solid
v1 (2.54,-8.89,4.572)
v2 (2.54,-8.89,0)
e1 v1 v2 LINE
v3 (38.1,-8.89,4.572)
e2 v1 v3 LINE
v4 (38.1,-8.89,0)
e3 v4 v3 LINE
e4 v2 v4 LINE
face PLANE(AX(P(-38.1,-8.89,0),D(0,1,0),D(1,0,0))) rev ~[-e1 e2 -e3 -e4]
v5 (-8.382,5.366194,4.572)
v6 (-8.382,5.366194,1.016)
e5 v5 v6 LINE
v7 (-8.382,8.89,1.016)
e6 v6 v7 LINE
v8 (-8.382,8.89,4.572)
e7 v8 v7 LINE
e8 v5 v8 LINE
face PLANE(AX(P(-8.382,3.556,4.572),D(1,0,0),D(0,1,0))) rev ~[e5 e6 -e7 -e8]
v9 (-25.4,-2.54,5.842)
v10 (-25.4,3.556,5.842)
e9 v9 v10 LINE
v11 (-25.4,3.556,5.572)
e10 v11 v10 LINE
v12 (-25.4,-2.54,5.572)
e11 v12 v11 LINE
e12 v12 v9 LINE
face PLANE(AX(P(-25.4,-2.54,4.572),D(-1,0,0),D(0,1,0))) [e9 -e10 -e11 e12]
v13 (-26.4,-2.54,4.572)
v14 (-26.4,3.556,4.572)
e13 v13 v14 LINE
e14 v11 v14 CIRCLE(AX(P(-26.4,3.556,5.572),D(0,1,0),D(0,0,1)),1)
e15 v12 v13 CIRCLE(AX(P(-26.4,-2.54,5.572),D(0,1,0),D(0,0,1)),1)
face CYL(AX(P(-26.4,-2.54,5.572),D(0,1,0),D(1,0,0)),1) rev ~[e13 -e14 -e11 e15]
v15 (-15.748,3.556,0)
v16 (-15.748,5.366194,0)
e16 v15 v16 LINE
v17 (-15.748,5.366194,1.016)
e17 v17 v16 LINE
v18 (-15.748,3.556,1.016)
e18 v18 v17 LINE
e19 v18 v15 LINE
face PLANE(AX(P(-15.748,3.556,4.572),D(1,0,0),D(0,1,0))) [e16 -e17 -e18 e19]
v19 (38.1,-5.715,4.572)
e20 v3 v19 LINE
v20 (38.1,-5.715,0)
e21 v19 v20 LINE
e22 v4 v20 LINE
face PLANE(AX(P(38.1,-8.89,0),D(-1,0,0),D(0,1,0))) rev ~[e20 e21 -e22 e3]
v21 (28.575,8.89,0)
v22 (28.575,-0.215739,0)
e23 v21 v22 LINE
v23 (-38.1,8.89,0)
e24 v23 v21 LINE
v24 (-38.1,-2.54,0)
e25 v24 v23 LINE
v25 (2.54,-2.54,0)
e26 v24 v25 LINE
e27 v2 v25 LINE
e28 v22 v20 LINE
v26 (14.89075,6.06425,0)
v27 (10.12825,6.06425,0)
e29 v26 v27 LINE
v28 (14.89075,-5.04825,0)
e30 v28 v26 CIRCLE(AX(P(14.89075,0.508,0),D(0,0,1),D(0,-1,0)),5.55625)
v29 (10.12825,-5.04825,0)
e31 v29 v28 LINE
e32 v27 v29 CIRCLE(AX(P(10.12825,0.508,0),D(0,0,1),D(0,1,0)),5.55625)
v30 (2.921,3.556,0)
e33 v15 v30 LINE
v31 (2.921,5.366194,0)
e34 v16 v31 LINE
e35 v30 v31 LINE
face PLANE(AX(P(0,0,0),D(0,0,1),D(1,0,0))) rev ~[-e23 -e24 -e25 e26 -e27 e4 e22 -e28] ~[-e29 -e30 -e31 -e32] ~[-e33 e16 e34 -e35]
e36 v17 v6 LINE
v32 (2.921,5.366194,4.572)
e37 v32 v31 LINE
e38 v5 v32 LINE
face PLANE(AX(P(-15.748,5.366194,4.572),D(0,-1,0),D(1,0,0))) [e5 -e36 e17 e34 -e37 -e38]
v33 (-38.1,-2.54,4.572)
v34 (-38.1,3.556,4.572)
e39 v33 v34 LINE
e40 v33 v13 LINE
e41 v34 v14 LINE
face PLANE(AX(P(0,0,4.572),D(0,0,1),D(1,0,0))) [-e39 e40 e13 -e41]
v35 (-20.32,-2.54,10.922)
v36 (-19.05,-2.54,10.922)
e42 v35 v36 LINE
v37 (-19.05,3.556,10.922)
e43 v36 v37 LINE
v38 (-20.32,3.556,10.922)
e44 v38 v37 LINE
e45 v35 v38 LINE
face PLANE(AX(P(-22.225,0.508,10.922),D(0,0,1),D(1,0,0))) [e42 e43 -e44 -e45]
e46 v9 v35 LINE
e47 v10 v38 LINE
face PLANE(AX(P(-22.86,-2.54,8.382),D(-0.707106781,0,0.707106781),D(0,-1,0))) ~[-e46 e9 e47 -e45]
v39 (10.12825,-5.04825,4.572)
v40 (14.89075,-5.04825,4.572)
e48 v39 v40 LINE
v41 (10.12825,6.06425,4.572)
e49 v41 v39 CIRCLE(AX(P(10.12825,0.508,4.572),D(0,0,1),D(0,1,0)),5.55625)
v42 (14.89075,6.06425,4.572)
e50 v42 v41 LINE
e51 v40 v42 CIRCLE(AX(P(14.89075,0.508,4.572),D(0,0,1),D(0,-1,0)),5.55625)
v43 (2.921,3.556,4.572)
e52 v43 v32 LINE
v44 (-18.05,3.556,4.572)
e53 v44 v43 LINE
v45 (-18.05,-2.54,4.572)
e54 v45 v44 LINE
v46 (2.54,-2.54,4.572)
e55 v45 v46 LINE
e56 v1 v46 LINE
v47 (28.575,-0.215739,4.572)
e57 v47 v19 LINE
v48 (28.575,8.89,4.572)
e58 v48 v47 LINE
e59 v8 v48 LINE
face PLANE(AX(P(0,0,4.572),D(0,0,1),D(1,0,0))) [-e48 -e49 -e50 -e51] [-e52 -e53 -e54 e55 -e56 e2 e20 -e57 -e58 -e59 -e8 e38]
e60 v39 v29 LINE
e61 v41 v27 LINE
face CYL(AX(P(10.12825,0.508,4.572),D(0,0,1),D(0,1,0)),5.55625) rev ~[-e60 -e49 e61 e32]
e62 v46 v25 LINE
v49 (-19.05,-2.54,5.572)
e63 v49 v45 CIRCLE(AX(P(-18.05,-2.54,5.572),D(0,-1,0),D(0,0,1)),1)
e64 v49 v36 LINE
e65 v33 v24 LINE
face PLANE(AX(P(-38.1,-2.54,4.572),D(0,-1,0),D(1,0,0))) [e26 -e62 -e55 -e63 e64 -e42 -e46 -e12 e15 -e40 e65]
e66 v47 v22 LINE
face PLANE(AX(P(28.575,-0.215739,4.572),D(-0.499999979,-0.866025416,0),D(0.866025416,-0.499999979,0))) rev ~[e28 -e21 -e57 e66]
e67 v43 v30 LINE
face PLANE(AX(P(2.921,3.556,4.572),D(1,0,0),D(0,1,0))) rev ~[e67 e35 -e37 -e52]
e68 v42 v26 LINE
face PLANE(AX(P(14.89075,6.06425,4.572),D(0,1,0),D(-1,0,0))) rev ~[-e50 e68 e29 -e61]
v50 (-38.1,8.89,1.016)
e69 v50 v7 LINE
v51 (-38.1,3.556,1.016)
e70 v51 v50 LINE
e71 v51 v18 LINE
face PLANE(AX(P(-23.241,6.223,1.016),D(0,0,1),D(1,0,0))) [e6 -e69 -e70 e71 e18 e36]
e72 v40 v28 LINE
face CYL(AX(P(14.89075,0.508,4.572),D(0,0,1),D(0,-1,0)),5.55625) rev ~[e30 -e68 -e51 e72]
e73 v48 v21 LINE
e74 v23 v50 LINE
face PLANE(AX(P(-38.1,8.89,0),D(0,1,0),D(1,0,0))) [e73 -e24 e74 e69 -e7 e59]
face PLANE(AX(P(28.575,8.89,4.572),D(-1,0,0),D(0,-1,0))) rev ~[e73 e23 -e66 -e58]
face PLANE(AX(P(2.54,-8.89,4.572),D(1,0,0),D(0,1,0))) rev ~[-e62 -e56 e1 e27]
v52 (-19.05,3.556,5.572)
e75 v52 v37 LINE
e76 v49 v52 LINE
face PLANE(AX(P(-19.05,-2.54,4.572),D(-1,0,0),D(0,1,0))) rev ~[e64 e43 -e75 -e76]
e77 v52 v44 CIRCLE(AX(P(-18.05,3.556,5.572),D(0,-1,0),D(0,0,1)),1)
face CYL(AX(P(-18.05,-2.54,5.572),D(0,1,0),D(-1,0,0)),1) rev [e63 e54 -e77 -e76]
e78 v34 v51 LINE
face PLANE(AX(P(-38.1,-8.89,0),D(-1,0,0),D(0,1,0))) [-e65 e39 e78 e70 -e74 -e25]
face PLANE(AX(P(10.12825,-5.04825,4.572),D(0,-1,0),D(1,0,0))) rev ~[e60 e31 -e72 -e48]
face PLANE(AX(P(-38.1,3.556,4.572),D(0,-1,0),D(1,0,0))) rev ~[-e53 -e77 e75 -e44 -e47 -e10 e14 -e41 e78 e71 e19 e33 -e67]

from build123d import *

# Parameters (mm, degrees)
F0_W      = 76.2
F0_H      = 17.78
F1_DEPTH  = 4.572
F2_W      = 29.718
F2_H      = 5.334
F3_DEPTH  = 3.556
F4_W      = 18.669
F4_H      = 1.810194
F5_DEPTH  = 4.573
F6_W      = 40.64
F6_H      = 6.35
F7_DEPTH  = 4.573
F10_DEPTH = 25.4
F11_DEPTH = 25.4
F12_W     = 6.35
F12_H     = 6.096
F13_DEPTH = 6.35
F14_SIZE  = 5.08
F15_R     = 1


with BuildPart() as f1:
    # F0 (on Top) → F1 (new body)
    with BuildSketch(Plane.XY):
        Rectangle(F0_W, F0_H)
    extrude(amount=F1_DEPTH)

    # F2 (on face) → F3 (cut)
    with BuildSketch(Plane.XY.offset(4.572)):
        with Locations((-23.241, 6.223)):
            Rectangle(F2_W, F2_H)
    extrude(amount=-F3_DEPTH, mode=Mode.SUBTRACT)

    # F4 (on face) → F5 (cut, through all)
    with BuildSketch(Plane.XY.offset(4.572)):
        with Locations((-6.4135, 4.461097)):
            Rectangle(F4_W, F4_H)
    extrude(amount=-F5_DEPTH, mode=Mode.SUBTRACT)

    # F6 (on face) → F7 (cut, through all)
    with BuildSketch(Plane.XY.offset(4.572)):
        with Locations((-17.78, -5.715)):
            Rectangle(F6_W, F6_H)
    extrude(amount=-F7_DEPTH, mode=Mode.SUBTRACT)

    # F9 (on face) → F10 (cut)
    with BuildSketch(Plane.XY.offset(4.572)):
        Polygon((38.1, -5.715), (38.1, 8.89), (28.575, 8.89), (28.575, -0.215739), align=None)
    extrude(amount=-F10_DEPTH, mode=Mode.SUBTRACT)

    # F8 (on face) → F11 (cut)
    with BuildSketch(Plane.XY.offset(4.572)):
        with BuildLine():
            Line((14.89075, 6.06425), (10.12825, 6.06425))
            ThreePointArc((10.12825, 6.06425), (4.572, 0.508), (10.12825, -5.04825))
            Line((10.12825, -5.04825), (14.89075, -5.04825))
            ThreePointArc((14.89075, -5.04825), (20.447, 0.508), (14.89075, 6.06425))
        make_face()
    extrude(amount=-F11_DEPTH, mode=Mode.SUBTRACT)

    # F12 (on face) → F13 (join)
    with BuildSketch(Plane.XY.offset(4.572)):
        with Locations((-22.225, 0.508)):
            Rectangle(F12_W, F12_H)
    extrude(amount=F13_DEPTH)

    # F14
    f14_edges = [f1.edges().sort_by_distance(p)[0] for p in [
        (-25.4, 0.508, 10.922),
    ]]
    chamfer(f14_edges, length=F14_SIZE)

    # F15
    f15_edges = [f1.edges().sort_by_distance(p)[0] for p in [
        (-19.05, 0.508, 4.572),
        (-25.4, 0.508, 4.572),
    ]]
    fillet(f15_edges, radius=F15_R)


solid = f1.part
